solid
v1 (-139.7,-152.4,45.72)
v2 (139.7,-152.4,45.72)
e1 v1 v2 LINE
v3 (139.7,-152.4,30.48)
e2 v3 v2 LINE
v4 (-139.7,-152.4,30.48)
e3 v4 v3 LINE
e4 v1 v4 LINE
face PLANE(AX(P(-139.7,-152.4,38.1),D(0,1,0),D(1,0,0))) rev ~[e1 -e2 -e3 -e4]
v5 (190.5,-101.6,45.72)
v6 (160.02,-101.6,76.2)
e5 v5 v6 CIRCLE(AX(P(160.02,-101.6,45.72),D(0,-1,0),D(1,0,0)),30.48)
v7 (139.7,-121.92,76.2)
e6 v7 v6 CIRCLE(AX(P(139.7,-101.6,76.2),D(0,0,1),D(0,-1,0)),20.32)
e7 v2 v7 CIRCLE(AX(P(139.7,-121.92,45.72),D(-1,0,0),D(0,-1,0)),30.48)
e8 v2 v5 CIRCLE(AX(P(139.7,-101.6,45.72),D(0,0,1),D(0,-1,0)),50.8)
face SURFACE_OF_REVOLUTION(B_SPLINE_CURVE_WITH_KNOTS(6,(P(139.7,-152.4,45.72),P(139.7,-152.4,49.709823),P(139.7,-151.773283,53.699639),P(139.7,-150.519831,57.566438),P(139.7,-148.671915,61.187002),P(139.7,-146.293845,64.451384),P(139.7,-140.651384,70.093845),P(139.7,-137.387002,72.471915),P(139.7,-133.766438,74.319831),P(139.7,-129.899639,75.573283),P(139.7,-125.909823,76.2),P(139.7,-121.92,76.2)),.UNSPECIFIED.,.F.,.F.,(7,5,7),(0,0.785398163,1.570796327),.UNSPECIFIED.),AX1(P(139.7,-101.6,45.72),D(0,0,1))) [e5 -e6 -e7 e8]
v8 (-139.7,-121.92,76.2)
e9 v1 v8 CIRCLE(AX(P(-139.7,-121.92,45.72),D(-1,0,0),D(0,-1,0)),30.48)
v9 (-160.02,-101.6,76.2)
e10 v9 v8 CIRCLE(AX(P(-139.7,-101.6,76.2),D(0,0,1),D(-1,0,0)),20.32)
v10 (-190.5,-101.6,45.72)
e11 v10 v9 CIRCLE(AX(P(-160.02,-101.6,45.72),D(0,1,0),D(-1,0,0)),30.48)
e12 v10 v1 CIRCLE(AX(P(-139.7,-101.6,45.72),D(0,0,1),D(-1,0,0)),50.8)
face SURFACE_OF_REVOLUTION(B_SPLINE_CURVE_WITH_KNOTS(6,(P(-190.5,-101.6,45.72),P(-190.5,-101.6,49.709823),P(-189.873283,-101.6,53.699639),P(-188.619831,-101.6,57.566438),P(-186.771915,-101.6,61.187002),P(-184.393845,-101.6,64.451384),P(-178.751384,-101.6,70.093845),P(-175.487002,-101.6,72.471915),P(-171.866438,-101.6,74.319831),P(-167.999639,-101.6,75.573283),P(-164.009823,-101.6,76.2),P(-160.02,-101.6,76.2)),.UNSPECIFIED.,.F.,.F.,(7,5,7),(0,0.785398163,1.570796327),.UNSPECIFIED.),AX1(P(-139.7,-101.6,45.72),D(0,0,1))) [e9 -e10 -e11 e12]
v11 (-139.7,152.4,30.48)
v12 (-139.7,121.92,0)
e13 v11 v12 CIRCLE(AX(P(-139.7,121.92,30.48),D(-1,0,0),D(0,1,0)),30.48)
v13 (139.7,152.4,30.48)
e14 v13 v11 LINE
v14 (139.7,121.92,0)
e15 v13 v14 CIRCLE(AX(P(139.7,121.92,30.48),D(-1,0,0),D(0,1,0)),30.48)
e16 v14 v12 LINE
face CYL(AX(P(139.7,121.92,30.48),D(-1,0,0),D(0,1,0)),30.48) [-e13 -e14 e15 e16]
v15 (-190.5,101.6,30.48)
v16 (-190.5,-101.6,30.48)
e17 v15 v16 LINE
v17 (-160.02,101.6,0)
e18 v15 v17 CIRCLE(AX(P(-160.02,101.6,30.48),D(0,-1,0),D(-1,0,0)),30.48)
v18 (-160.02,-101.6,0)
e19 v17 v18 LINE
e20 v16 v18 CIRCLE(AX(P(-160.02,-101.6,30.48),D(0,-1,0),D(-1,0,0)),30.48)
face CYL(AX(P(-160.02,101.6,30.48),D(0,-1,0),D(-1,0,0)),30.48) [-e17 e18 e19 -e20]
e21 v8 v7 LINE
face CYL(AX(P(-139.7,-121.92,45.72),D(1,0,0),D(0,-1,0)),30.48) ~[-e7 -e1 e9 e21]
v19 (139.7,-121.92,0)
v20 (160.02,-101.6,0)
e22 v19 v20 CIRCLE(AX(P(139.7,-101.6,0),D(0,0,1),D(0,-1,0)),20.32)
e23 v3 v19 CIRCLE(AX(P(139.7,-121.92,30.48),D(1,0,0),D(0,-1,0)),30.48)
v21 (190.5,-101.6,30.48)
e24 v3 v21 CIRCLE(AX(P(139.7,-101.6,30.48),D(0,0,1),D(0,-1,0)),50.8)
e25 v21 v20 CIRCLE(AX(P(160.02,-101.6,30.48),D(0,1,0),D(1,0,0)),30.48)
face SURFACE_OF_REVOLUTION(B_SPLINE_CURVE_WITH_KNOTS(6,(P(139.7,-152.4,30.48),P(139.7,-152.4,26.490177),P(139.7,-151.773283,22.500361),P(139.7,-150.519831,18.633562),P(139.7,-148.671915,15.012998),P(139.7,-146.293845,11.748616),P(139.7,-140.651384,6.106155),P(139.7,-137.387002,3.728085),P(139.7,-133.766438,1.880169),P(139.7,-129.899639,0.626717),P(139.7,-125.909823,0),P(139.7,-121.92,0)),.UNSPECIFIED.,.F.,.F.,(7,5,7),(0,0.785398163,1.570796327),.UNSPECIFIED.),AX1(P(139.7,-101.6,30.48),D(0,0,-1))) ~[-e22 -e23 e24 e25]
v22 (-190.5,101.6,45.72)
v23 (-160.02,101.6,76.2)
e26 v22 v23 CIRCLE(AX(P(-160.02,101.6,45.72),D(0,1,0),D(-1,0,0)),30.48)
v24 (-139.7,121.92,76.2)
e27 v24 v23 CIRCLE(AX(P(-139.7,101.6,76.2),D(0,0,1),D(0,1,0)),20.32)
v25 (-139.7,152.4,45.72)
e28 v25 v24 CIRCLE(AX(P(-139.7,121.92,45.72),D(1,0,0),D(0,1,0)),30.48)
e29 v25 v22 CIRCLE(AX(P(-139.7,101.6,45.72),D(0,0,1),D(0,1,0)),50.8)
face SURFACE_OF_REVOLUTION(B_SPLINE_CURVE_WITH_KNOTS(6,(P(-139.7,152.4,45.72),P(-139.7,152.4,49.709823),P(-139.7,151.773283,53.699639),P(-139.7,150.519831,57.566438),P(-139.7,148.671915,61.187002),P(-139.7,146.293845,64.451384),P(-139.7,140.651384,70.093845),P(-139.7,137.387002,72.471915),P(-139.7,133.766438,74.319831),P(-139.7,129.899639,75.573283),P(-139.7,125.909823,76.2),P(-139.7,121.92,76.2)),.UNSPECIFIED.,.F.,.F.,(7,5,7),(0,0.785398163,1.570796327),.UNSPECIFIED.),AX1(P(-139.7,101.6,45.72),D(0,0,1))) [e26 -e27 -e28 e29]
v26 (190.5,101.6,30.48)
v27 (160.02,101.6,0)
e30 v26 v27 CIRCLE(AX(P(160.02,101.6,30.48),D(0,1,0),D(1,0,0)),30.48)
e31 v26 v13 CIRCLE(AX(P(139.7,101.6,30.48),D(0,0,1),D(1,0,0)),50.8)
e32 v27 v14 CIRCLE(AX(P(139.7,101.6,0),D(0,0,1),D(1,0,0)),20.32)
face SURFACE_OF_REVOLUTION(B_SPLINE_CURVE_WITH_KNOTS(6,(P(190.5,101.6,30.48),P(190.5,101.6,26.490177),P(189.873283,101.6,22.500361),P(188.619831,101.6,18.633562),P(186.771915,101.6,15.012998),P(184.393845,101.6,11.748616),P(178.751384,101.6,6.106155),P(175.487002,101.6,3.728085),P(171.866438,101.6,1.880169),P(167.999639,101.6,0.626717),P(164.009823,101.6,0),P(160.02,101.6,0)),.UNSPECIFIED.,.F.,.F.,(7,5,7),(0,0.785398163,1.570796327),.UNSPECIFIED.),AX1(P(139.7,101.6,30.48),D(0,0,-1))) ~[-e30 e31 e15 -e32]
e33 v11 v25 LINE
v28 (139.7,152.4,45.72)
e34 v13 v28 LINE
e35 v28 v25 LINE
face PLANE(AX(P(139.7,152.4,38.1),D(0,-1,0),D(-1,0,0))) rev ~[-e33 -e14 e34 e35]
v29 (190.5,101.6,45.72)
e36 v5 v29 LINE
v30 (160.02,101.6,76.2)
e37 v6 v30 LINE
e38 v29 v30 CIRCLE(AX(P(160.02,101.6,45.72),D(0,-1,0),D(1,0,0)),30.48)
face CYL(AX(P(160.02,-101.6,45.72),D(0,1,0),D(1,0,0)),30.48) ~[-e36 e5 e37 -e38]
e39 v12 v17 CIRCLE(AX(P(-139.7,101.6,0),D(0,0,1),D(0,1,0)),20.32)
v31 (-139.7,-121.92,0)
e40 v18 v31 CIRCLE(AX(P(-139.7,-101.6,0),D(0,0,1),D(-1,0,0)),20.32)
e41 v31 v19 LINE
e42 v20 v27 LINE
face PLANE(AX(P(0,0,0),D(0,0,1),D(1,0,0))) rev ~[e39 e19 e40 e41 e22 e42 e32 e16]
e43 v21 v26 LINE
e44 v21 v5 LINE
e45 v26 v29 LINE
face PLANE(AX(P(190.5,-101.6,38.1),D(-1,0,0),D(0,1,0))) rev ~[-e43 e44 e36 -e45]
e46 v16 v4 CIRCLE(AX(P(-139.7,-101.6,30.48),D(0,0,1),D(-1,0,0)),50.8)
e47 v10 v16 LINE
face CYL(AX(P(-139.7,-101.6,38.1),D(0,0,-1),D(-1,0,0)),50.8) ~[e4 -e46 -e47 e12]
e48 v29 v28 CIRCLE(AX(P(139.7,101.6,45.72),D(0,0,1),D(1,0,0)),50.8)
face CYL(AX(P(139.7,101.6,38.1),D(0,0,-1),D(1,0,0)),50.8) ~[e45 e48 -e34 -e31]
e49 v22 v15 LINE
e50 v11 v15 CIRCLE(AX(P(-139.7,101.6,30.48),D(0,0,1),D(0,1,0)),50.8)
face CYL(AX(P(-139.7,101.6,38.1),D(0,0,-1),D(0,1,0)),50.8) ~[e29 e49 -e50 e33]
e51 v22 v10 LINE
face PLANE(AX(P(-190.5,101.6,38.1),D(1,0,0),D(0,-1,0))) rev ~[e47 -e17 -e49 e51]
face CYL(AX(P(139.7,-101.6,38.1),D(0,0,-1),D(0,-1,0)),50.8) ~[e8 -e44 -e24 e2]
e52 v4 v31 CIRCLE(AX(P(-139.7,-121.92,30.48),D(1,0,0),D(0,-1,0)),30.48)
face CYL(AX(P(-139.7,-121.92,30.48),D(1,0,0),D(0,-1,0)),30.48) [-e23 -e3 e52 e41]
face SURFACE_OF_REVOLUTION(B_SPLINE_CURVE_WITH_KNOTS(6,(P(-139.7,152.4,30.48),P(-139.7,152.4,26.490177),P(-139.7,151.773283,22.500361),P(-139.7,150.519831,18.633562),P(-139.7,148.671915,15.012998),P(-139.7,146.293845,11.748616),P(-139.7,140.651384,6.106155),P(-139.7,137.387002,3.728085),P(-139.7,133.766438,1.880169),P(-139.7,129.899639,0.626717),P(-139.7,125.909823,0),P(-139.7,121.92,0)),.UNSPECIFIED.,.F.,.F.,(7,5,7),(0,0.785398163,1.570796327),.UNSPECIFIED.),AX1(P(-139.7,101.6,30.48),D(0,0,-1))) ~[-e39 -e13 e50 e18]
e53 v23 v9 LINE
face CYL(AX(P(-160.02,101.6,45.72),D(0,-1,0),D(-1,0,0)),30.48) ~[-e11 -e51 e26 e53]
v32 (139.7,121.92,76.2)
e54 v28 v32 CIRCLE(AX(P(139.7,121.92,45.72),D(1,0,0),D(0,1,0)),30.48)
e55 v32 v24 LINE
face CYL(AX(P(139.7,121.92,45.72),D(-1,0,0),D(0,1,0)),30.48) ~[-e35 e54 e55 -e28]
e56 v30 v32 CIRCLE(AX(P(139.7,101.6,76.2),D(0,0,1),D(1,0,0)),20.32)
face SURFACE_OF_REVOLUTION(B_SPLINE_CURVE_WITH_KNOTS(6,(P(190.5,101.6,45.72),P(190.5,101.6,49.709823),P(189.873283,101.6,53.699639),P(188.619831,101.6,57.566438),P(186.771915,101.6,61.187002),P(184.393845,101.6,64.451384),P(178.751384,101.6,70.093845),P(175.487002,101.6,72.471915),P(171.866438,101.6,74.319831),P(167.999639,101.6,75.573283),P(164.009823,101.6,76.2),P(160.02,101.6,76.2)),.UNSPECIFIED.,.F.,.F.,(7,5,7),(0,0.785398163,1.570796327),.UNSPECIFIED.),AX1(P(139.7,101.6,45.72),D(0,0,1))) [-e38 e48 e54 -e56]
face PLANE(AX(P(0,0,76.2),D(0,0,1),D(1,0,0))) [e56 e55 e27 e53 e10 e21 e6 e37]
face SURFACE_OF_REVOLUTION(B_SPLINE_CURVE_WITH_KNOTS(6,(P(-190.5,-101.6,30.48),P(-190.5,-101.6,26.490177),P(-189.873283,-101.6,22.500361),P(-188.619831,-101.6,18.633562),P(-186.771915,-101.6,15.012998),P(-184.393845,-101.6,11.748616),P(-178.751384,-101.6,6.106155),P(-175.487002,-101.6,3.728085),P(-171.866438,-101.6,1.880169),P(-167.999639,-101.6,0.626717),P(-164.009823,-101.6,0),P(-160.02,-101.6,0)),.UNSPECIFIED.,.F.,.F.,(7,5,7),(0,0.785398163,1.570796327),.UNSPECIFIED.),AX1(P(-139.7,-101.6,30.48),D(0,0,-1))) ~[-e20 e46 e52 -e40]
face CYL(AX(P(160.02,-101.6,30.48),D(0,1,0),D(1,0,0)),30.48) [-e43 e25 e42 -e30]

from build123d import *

# Parameters (mm, degrees)
F1_DEPTH = 38.1
F2_R     = 30.48
F3_DEPTH = 38.1
F4_R     = 30.48


with BuildPart() as f1:
    # F0 (on Top) → F1 (new body)
    with BuildSketch(Plane.XY):
        with BuildLine():
            Line((-139.7, -152.4), (139.7, -152.4))
            ThreePointArc((139.7, -152.4), (175.6210244843, -137.5210244843), (190.5, -101.6))
            Line((190.5, -101.6), (190.5, 101.6))
            ThreePointArc((190.5, 101.6), (175.6210244843, 137.5210244843), (139.7, 152.4))
            Line((139.7, 152.4), (-139.7, 152.4))
            ThreePointArc((-139.7, 152.4), (-175.6210244843, 137.5210244843), (-190.5, 101.6))
            Line((-190.5, 101.6), (-190.5, -101.6))
            ThreePointArc((-190.5, -101.6), (-175.6210244843, -137.5210244843), (-139.7, -152.4))
        make_face()
    extrude(amount=F1_DEPTH)

    # F2
    f2_edges = [f1.edges().sort_by_distance(p)[0] for p in [
        (0, -152.4, 0),
    ]]
    fillet(f2_edges, radius=F2_R)

    # F3 (add): a face of the model
    f3_faces = [f1.faces().sort_by_distance(p)[0] for p in [
        (0, 0, 38.1),
    ]]
    extrude(f3_faces, amount=F3_DEPTH)

    # F4
    f4_edges = [f1.edges().sort_by_distance(p)[0] for p in [
        (0, -152.4, 76.2),
    ]]
    fillet(f4_edges, radius=F4_R)


solid = f1.part
